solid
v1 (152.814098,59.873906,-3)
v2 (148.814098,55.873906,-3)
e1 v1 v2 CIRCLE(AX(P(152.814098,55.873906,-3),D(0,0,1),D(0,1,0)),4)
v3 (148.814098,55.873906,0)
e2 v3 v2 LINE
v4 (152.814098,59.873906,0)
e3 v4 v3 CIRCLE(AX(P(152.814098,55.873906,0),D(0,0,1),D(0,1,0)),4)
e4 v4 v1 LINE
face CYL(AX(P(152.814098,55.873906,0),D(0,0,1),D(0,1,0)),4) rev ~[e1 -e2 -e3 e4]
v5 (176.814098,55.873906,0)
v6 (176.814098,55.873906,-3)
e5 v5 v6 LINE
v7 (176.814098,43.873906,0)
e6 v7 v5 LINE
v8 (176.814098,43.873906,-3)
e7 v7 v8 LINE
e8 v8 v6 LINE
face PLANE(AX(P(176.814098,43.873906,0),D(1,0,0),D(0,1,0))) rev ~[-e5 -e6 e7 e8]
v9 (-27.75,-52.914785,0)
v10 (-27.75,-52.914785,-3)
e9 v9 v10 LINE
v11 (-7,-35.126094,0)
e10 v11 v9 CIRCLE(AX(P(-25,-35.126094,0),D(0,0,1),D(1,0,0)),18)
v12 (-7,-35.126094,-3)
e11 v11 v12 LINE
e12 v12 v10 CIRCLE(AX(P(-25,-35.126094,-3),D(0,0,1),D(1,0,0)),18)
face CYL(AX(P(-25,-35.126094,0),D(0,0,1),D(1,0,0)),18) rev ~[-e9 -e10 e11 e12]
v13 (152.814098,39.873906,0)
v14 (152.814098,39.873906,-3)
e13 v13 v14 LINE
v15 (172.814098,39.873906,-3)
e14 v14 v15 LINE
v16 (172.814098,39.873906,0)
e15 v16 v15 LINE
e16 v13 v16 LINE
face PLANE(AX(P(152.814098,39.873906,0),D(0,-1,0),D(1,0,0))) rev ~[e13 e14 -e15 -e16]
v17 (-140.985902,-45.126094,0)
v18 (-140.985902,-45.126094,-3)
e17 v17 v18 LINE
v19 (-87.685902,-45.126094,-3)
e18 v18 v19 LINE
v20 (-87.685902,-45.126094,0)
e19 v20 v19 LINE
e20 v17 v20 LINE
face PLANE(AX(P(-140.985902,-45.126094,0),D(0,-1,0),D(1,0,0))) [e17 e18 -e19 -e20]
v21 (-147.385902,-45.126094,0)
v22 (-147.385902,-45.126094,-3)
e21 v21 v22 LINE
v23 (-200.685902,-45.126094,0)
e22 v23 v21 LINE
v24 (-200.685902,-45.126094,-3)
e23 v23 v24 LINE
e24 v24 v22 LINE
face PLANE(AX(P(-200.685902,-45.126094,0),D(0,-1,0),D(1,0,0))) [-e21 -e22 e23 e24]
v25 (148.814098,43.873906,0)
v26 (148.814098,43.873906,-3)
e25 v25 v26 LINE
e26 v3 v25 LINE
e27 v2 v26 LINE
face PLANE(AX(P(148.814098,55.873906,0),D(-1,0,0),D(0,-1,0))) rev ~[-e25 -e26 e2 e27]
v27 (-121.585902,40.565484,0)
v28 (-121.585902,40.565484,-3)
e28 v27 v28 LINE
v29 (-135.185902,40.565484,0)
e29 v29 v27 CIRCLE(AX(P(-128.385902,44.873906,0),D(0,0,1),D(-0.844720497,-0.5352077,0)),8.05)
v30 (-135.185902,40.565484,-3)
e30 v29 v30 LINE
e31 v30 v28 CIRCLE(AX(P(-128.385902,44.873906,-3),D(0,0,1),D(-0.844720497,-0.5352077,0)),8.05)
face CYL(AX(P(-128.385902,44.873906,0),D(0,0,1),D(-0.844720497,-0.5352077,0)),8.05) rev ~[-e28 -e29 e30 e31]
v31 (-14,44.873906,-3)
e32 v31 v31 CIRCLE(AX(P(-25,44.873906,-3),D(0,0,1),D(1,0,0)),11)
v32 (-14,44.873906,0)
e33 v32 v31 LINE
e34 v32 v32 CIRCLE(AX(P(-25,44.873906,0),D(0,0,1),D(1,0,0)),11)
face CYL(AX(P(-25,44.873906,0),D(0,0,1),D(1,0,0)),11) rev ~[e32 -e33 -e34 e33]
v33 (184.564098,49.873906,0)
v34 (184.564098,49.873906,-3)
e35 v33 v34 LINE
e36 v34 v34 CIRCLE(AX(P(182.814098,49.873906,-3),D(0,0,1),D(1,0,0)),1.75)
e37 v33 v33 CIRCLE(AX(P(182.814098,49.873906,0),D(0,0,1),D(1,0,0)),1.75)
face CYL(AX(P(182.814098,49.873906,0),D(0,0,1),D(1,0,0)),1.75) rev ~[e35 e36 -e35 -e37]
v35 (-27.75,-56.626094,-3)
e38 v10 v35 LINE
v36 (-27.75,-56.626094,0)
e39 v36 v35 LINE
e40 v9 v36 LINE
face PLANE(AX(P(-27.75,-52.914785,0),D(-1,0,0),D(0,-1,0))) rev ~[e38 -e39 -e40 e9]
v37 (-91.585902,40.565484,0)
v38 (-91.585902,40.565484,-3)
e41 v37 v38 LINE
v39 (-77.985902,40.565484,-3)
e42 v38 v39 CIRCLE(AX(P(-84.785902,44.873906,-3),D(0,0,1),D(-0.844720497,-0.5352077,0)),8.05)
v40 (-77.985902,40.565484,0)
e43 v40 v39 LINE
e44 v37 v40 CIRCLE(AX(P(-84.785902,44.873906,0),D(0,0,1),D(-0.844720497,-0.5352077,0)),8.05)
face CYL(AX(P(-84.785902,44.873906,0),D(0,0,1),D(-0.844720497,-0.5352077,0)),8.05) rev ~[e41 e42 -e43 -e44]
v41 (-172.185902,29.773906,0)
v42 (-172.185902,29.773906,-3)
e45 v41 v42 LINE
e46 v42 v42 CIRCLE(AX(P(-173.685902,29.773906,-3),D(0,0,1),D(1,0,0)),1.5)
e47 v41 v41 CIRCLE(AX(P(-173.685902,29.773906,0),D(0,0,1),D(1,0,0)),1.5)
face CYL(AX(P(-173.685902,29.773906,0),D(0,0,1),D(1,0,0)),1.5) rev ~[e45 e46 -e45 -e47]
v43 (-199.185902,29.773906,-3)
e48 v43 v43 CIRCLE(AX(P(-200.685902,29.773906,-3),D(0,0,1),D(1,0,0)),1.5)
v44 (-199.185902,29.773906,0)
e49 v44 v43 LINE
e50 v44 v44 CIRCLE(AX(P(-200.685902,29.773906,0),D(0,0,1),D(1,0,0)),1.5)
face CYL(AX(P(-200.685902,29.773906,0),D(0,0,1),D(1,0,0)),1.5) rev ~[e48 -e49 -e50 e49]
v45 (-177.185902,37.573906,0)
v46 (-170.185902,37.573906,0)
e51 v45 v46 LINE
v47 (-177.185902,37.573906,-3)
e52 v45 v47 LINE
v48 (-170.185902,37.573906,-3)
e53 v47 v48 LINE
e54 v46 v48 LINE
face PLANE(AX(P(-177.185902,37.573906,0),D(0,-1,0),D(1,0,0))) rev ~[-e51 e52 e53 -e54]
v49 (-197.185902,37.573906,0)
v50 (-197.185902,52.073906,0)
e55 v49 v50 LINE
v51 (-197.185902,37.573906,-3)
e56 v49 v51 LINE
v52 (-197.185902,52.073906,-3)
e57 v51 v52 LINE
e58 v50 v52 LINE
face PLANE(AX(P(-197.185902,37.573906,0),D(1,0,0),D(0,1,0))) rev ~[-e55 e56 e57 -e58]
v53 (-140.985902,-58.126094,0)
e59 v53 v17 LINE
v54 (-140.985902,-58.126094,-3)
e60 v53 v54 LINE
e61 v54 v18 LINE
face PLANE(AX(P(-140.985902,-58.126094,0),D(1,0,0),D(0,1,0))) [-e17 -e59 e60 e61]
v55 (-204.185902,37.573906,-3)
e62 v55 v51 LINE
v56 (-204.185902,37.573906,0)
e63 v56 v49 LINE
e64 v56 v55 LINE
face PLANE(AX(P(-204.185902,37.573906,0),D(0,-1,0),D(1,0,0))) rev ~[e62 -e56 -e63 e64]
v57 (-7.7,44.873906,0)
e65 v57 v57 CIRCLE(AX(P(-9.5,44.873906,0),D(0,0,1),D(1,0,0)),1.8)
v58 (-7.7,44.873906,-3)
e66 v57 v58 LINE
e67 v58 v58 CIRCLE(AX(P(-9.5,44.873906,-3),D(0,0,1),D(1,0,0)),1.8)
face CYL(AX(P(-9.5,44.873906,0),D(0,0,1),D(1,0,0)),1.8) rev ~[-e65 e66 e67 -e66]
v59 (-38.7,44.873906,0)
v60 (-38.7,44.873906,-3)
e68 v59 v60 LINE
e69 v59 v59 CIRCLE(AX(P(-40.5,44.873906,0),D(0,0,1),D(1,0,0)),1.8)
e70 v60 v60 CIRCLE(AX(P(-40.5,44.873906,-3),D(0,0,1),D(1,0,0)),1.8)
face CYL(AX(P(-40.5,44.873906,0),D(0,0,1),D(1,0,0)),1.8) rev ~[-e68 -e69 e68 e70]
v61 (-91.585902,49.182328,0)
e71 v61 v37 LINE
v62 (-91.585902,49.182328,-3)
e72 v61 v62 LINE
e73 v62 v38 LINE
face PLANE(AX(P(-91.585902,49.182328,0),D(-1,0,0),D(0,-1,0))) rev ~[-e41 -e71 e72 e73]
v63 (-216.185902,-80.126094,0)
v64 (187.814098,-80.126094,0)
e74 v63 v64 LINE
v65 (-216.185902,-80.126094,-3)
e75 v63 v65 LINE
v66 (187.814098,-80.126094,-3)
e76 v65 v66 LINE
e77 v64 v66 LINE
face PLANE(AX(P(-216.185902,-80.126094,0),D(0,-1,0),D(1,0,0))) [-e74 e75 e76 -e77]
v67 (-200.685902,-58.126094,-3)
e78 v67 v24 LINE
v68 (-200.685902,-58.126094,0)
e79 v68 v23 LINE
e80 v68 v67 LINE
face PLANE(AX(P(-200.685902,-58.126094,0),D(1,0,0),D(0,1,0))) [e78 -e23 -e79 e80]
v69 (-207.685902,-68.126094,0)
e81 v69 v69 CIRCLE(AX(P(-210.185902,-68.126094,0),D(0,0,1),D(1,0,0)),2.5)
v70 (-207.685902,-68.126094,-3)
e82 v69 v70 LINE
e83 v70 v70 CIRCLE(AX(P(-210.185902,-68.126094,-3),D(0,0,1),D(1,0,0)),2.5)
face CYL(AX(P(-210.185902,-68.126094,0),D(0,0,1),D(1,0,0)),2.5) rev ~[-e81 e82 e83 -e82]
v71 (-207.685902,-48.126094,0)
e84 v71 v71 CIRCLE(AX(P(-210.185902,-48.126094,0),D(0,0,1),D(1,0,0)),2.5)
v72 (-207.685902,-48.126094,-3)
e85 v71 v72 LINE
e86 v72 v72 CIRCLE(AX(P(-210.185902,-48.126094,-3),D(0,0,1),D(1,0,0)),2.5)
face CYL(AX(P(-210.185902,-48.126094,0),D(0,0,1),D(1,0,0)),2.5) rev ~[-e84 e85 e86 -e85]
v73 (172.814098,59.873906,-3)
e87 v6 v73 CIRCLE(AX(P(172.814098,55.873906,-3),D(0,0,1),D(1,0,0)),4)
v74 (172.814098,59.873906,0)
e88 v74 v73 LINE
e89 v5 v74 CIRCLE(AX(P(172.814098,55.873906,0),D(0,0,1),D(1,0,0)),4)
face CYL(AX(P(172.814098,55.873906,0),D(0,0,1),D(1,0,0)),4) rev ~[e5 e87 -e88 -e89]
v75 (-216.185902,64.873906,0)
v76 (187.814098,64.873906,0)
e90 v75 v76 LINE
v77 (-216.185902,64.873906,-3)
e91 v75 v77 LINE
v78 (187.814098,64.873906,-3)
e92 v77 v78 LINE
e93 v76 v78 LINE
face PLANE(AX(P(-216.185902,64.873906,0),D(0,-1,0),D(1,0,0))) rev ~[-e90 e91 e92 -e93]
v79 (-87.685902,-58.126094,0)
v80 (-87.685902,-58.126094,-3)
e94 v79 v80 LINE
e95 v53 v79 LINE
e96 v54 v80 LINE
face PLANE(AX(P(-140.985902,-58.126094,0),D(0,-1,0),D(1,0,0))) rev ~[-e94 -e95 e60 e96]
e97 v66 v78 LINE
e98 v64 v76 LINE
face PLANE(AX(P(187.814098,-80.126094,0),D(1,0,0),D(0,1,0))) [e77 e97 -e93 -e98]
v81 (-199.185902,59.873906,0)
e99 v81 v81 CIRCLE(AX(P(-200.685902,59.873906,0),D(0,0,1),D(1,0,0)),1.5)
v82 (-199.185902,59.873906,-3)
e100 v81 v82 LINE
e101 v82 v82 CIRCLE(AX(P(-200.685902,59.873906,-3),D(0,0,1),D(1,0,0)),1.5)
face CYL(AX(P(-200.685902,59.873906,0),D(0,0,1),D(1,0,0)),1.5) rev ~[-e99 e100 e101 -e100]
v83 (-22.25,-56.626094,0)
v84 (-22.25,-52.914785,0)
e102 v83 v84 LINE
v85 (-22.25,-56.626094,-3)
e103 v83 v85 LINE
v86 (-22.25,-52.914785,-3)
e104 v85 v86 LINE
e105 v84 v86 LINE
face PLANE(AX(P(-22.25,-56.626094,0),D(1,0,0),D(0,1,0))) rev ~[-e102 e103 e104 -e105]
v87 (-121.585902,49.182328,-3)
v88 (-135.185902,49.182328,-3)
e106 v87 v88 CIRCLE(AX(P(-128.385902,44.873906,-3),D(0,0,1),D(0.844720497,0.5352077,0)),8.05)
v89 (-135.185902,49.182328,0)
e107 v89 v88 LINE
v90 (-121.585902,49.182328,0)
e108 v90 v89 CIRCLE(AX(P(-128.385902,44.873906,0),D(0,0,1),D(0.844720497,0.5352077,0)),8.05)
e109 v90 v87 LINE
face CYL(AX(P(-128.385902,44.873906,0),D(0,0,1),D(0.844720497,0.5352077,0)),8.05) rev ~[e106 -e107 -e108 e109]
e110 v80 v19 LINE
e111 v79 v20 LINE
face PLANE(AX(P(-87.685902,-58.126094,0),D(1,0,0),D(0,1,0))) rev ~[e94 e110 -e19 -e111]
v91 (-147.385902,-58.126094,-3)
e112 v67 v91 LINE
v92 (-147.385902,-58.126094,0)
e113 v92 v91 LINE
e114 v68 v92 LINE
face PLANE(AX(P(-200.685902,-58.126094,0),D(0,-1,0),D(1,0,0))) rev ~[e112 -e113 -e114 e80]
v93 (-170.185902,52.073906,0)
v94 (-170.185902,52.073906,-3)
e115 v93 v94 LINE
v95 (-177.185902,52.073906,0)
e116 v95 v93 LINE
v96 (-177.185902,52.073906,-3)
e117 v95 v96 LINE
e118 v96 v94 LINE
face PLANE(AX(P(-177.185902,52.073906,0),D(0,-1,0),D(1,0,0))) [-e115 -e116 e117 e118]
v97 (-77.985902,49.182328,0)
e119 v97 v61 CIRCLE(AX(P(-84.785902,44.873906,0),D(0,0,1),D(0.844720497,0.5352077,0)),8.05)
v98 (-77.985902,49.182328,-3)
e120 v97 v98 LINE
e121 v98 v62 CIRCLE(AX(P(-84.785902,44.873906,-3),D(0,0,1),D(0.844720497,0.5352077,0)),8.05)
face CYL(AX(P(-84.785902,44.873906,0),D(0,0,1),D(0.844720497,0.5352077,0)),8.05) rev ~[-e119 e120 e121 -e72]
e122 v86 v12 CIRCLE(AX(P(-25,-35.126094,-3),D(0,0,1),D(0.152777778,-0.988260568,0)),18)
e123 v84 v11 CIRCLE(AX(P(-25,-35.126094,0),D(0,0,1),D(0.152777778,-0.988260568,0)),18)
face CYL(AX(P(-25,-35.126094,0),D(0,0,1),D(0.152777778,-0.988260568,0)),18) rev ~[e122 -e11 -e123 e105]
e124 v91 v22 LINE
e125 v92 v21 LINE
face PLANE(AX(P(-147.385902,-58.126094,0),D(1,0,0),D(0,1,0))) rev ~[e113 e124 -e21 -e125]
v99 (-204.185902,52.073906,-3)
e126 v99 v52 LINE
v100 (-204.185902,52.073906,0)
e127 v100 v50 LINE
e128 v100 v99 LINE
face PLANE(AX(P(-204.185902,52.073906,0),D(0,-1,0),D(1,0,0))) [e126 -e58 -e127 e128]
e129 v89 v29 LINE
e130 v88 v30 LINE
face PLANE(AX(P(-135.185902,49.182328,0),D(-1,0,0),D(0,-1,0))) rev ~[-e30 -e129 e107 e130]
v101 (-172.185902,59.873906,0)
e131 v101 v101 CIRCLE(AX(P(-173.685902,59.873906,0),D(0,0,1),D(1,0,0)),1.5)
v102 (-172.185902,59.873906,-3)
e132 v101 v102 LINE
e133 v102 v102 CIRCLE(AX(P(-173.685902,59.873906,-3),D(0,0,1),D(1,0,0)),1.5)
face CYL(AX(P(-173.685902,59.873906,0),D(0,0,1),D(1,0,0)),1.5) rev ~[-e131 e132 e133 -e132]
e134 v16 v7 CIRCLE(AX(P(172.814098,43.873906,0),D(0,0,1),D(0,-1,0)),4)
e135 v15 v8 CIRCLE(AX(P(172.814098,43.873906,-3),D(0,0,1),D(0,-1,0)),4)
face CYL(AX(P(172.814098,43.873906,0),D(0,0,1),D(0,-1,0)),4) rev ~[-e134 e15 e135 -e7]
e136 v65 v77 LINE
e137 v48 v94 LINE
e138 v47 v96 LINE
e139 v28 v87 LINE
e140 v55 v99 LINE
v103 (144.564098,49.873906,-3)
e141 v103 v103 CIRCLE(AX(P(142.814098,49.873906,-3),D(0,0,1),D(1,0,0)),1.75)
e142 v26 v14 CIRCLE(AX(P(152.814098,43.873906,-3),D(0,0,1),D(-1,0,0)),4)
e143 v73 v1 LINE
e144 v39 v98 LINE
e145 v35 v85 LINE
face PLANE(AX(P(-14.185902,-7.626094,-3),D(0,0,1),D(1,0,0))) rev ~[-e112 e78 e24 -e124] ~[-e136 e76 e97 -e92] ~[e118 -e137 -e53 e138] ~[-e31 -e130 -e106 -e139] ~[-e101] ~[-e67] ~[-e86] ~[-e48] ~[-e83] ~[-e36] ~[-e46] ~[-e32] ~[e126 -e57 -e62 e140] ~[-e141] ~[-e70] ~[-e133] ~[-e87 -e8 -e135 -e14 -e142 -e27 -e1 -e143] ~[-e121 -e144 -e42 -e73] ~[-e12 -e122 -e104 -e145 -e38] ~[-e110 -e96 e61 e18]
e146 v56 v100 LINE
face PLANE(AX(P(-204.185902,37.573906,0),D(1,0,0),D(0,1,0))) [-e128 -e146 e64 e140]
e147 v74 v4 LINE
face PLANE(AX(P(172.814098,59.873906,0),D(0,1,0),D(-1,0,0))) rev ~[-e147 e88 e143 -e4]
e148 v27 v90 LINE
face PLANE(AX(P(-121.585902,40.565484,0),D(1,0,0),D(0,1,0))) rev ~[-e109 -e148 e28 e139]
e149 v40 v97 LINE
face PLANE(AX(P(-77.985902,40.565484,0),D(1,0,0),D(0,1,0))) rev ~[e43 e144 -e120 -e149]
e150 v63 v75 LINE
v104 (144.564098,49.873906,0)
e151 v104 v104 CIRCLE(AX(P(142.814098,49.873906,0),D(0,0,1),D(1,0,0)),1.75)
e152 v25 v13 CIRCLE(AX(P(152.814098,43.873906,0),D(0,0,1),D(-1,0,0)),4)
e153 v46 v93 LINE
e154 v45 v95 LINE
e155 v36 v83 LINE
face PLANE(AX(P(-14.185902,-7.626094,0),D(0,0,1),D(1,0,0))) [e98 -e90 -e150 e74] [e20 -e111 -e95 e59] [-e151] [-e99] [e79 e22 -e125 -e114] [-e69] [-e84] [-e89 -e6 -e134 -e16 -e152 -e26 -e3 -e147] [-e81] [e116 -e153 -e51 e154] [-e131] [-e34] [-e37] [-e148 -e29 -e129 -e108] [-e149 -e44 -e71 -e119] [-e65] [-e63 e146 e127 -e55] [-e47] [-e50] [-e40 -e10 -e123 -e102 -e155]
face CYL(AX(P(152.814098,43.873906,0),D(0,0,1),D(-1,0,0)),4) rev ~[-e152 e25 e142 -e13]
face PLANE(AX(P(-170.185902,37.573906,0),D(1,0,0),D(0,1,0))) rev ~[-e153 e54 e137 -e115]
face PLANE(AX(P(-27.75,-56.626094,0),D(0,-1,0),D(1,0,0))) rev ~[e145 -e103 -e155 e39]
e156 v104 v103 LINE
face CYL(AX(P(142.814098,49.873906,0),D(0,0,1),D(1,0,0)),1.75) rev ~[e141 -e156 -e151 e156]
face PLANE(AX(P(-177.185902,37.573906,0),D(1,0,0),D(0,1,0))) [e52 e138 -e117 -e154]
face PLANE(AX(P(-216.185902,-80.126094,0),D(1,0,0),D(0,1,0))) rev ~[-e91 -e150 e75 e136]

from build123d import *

# Parameters (mm, degrees)
F0_W     = 404
F0_H     = 145
F2_DEPTH = 3
F1_R     = 2.5
F1_R_2   = 11
F1_R_3   = 1.8
F1_R_4   = 1.75
F1_W     = 53.3
F1_H     = 13
F1_W_2   = 7
F1_H_2   = 14.5
F1_R_5   = 1.5
F3_DEPTH = 25


with BuildPart() as f2:
    # F0 (on Top) → F2 (new body)
    with BuildSketch(Plane.XY):
        with Locations((-14.1859020234, -7.6260944492)):
            Rectangle(F0_W, F0_H)
    extrude(amount=-F2_DEPTH)

    # F1 (on Top) → F3 (cut)
    with BuildSketch(Plane.XY):
        with Locations((-210.1859020234, -68.1260944492)):
            Circle(F1_R)
        with BuildLine():
            Line((-135.1859020234, 49.1823275357), (-135.1859020234, 40.5654835659))
            ThreePointArc((-135.1859020234, 40.5654835659), (-128.3859020234, 36.8239055508), (-121.5859020234, 40.5654835659))
            Line((-121.5859020234, 40.5654835659), (-121.5859020234, 49.1823275357))
            ThreePointArc((-121.5859020234, 49.1823275357), (-128.3859020234, 52.9239055508), (-135.1859020234, 49.1823275357))
        make_face()
        with BuildLine():
            ThreePointArc((-22.25, -52.9147846764), (-11.3343496313, -46.8414689631), (-7, -35.1260944492))
            ThreePointArc((-7, -35.1260944492), (-36.7153745139, -21.4604440805), (-27.75, -52.9147846764))
            Line((-27.75, -52.9147846764), (-27.75, -31.4030106551))
            Line((-27.75, -31.4030106551), (-22.25, -31.4030106551))
            Line((-22.25, -31.4030106551), (-22.25, -52.9147846764))
        make_face()
        with BuildLine():
            Line((-27.75, -31.4030106551), (-27.75, -52.9147846764))
            ThreePointArc((-27.75, -52.9147846764), (-25, -53.1260944492), (-22.25, -52.9147846764))
            Line((-22.25, -52.9147846764), (-22.25, -31.4030106551))
            Line((-22.25, -31.4030106551), (-27.75, -31.4030106551))
        make_face()
        with BuildLine():
            ThreePointArc((-22.25, -52.9147846764), (-25, -53.1260944492), (-27.75, -52.9147846764))
            Line((-27.75, -52.9147846764), (-27.75, -56.6260944492))
            Line((-27.75, -56.6260944492), (-22.25, -56.6260944492))
            Line((-22.25, -56.6260944492), (-22.25, -52.9147846764))
        make_face()
        with Locations((-25, 44.8739055508)):
            Circle(F1_R_2)
        with Locations((-40.5, 44.8739055508)):
            Circle(F1_R_3)
        with Locations((-9.5, 44.8739055508)):
            Circle(F1_R_3)
        with Locations((-210.1859020234, -48.1260944492)):
            Circle(F1_R)
        with BuildLine():
            Line((152.8140979766, 39.8739055508), (172.8140979766, 39.8739055508))
            ThreePointArc((172.8140979766, 39.8739055508), (175.6425251014, 41.045478426), (176.8140979766, 43.8739055508))
            Line((176.8140979766, 43.8739055508), (176.8140979766, 55.8739055508))
            ThreePointArc((176.8140979766, 55.8739055508), (175.6425251014, 58.7023326755), (172.8140979766, 59.8739055508))
            Line((172.8140979766, 59.8739055508), (152.8140979766, 59.8739055508))
            ThreePointArc((152.8140979766, 59.8739055508), (149.9856708519, 58.7023326755), (148.8140979766, 55.8739055508))
            Line((148.8140979766, 55.8739055508), (148.8140979766, 43.8739055508))
            ThreePointArc((148.8140979766, 43.8739055508), (149.9856708519, 41.045478426), (152.8140979766, 39.8739055508))
        make_face()
        with Locations((142.8140979766, 49.8739055508)):
            Circle(F1_R_4)
        with Locations((182.8140979766, 49.8739055508)):
            Circle(F1_R_4)
        with Locations((-174.0359020234, -51.6260944492)):
            Rectangle(F1_W, F1_H)
        with Locations((-114.3359020234, -51.6260944492)):
            Rectangle(F1_W, F1_H)
        with Locations((-200.6859020234, 44.8239055508)):
            Rectangle(F1_W_2, F1_H_2)
        with Locations((-200.6859020234, 59.8739055508)):
            Circle(F1_R_5)
        with Locations((-200.6859020234, 29.7739055508)):
            Circle(F1_R_5)
        with Locations((-173.6859020234, 44.8239055508)):
            Rectangle(F1_W_2, F1_H_2)
        with Locations((-173.6859020234, 59.8739055508)):
            Circle(F1_R_5)
        with Locations((-173.6859020234, 29.7739055508)):
            Circle(F1_R_5)
        with BuildLine():
            Line((-91.5859020234, 49.1823275357), (-91.5859020234, 40.5654835659))
            ThreePointArc((-91.5859020234, 40.5654835659), (-84.7859020234, 36.8239055508), (-77.9859020234, 40.5654835659))
            Line((-77.9859020234, 40.5654835659), (-77.9859020234, 49.1823275357))
            ThreePointArc((-77.9859020234, 49.1823275357), (-84.7859020234, 52.9239055508), (-91.5859020234, 49.1823275357))
        make_face()
    extrude(amount=-F3_DEPTH, mode=Mode.SUBTRACT)


solid = f2.part
